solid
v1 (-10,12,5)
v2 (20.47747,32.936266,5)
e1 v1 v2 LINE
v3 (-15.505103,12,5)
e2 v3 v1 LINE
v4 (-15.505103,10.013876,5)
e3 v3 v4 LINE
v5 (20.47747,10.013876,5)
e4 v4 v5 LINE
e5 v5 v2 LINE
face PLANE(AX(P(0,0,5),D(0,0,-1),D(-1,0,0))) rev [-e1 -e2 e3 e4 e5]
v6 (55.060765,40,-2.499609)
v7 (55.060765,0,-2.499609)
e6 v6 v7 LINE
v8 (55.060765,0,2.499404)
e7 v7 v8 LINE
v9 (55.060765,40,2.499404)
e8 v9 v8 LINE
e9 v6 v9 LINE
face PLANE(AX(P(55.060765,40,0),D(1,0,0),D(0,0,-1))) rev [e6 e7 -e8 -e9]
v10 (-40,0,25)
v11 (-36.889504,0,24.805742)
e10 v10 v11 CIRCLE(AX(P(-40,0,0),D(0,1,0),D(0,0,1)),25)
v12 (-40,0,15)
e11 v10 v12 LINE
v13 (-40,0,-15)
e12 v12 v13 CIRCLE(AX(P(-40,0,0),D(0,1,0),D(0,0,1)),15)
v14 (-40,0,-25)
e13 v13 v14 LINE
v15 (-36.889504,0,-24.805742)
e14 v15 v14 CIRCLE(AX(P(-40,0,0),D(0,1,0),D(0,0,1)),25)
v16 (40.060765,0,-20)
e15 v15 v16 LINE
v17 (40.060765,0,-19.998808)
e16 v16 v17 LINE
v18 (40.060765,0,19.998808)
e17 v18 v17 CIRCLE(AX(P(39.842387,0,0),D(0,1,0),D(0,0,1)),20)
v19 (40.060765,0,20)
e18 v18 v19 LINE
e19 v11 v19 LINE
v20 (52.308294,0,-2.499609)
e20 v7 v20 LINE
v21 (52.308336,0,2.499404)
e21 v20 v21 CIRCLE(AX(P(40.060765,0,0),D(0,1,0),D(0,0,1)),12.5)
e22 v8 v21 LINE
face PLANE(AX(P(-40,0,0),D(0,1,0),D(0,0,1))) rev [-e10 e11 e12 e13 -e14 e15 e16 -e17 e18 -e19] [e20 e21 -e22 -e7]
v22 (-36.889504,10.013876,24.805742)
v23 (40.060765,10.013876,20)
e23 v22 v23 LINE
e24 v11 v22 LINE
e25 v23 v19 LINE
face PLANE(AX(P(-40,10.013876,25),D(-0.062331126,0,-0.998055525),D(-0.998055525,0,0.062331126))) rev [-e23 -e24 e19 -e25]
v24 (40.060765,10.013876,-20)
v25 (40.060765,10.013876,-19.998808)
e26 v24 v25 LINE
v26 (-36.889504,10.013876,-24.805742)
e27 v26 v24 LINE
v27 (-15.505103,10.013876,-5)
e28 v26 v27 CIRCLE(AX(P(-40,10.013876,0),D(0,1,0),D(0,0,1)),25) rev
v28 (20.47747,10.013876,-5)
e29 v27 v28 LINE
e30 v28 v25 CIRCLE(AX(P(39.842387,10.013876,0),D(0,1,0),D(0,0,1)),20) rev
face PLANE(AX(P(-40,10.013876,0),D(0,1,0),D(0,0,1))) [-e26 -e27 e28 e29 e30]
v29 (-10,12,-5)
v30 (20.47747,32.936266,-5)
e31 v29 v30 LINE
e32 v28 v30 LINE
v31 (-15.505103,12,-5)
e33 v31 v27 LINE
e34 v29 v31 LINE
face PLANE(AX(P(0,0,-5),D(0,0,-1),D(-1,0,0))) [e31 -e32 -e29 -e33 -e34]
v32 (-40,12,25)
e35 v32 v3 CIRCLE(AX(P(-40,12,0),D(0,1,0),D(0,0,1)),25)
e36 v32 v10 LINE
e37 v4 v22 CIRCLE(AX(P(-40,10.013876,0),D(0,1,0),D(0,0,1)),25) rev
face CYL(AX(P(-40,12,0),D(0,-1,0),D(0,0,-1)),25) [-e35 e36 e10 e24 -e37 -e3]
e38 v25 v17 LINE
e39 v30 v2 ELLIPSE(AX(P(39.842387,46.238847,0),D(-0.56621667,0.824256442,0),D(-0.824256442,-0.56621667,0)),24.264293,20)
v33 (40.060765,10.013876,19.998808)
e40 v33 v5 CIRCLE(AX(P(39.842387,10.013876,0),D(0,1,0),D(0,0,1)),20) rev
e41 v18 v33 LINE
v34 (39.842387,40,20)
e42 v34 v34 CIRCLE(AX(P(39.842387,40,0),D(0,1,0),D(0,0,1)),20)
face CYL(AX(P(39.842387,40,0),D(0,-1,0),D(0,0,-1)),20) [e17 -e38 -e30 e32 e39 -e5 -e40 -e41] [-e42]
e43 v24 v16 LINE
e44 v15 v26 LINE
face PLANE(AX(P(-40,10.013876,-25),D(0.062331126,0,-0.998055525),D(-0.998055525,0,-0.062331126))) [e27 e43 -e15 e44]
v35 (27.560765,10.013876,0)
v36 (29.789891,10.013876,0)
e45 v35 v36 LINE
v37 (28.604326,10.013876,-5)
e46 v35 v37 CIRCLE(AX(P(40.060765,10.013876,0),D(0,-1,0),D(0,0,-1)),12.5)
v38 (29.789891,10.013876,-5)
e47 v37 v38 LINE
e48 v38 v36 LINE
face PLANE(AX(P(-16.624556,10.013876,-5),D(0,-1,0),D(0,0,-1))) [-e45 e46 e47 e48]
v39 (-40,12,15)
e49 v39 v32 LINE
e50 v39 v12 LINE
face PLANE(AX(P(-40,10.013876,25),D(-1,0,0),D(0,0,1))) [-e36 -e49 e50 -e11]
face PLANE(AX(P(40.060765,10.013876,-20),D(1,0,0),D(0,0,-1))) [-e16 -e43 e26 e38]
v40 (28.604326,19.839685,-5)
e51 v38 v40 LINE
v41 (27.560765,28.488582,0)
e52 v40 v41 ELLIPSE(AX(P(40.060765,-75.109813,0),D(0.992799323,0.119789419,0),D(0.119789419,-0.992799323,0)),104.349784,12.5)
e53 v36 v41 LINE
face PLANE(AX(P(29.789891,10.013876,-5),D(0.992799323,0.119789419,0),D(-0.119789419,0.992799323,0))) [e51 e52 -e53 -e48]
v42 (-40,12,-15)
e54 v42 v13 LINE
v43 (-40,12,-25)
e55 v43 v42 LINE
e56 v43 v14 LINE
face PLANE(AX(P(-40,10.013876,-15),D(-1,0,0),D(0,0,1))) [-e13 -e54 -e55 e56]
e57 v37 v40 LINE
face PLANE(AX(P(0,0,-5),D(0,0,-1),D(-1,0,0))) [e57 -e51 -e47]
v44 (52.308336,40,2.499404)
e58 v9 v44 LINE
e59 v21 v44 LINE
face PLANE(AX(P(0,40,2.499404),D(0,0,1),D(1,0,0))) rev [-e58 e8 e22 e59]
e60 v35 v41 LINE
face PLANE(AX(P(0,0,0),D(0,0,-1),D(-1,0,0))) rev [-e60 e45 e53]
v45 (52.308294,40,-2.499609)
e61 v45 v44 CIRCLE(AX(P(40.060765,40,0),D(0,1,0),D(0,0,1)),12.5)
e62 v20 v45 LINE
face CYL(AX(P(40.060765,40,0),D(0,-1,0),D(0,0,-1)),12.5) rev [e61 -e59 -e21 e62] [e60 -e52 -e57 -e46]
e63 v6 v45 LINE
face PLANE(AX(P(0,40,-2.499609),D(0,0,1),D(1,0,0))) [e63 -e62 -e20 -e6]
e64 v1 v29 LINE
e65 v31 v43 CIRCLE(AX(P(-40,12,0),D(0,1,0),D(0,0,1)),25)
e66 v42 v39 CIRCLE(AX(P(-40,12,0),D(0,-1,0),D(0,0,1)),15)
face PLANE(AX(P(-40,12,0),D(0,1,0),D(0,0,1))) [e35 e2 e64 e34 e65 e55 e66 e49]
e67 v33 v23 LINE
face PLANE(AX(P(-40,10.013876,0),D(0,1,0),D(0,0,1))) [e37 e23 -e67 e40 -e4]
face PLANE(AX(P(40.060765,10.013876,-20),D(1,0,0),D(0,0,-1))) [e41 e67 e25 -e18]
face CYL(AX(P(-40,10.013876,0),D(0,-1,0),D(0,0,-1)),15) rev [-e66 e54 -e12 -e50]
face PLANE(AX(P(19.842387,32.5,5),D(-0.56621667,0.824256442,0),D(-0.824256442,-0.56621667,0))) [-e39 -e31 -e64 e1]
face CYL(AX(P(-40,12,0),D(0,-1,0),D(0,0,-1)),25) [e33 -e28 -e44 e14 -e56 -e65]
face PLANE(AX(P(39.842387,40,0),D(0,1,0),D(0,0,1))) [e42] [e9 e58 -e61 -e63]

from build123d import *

# Parameters (mm, degrees)
BOSS_EXTRUDE2_DEPTH = 10.01387566
BOSS_EXTRUDE3_DEPTH = 12
SKETCH18_R          = 20
BOSS_EXTRUDE6_DEPTH = 40
SKETCH26_R          = 12.5
CUT_EXTRUDE2_DEPTH  = 40
CUT_EXTRUDE5_DEPTH  = 40
BOSS_EXTRUDE8_DEPTH = 5
BOSS_EXTRUDE9_DEPTH = 5


with BuildPart() as part:
    # Sketch1 → Boss-Extrude2 (new body)
    with BuildSketch(Plane(origin=(0, 0, 0), x_dir=(1, 0, 0), z_dir=(0, 1, 0))):
        with BuildLine():
            Line((-40, -25), (-40, -15))
            ThreePointArc((-40, -15), (-25, 0), (-40, 15))
            Line((-40, 15), (-40, 25))
            Line((-40, 25), (40.060765138, 20))
            Line((40.060765138, 20), (40.060765138, -20))
            Line((40.060765138, -20), (-40, -25))
        make_face()
    extrude(amount=BOSS_EXTRUDE2_DEPTH)

    # Sketch17 → Boss-Extrude3 (add)
    with BuildSketch(Plane(origin=(0, 0, 0), x_dir=(1, 0, 0), z_dir=(0, 1, 0))):
        with BuildLine():
            Line((-40, 25), (-40, 15))
            ThreePointArc((-40, 15), (-25, 0), (-40, -15))
            Line((-40, -15), (-40, -25))
            ThreePointArc((-40, -25), (-15, 0), (-40, 25))
        make_face()
    extrude(amount=BOSS_EXTRUDE3_DEPTH)

    # Sketch18 → Boss-Extrude6 (add)
    with BuildSketch(Plane(origin=(0, 0, 0), x_dir=(1, 0, 0), z_dir=(0, 1, 0))):
        with Locations(Location((39.84238711, 0, 0), (0, 0, 89.374380602))):
            Circle(SKETCH18_R)
    extrude(amount=BOSS_EXTRUDE6_DEPTH)

    # Sketch26 → Cut-Extrude2 (cut)
    with BuildSketch(Plane(origin=(0, 0, 0), x_dir=(1, 0, 0), z_dir=(0, 1, 0))):
        with Locations(Location((40.060765138, 0, 0), (0, 0, 270))):
            Circle(SKETCH26_R)
    extrude(amount=CUT_EXTRUDE2_DEPTH, mode=Mode.SUBTRACT)

    # Sketch27 → Cut-Extrude5 (cut)
    with BuildSketch(Plane(origin=(0, 0, 0), x_dir=(1, 0, 0), z_dir=(0, 1, 0))):
        with BuildLine():
            Line((55.060765138, 2.499608634), (52.235862007, 2.499608634))
            ThreePointArc((52.235862007, 2.499608634), (52.426066383, 1.256530998), (52.489684933, 0.00059613))
            ThreePointArc((52.489684933, 0.00059613), (52.426015439, -1.255840203), (52.235659276, -2.49940387))
            Line((52.235659276, -2.49940387), (55.060765138, -2.49940387))
            Line((55.060765138, -2.49940387), (55.060765138, 0.00059613))
            Line((55.060765138, 0.00059613), (55.060765138, 2.499608634))
        make_face()
    extrude(amount=CUT_EXTRUDE5_DEPTH, mode=Mode.SUBTRACT)

    # Sketch35 → Boss-Extrude8 (add)
    with BuildSketch(Plane.XY):
        Polygon((-15, 12), (-10, 12), (19.84238711, 32.5), (25.015627371, 36.053717903), (26.363273424, 32.5), (25.450319422, 10.01387566), (19.84238711, 10.01387566), (-15, 10.01387566), (-18.557885477, 10.01387566), (-18.07381102, 12), align=None)
    extrude(amount=BOSS_EXTRUDE8_DEPTH)

    # Sketch41 → Boss-Extrude9 (add)
    with BuildSketch(Plane.XY):
        Polygon((19.84238711, 32.5), (-10, 12), (-16.624555897, 12), (-16.624555897, 10.01387566), (29.789890708, 10.01387566), (27.477800575, 29.176181785), (25.597486792, 36.45342179), align=None)
    extrude(amount=-BOSS_EXTRUDE9_DEPTH)


solid = part.part
